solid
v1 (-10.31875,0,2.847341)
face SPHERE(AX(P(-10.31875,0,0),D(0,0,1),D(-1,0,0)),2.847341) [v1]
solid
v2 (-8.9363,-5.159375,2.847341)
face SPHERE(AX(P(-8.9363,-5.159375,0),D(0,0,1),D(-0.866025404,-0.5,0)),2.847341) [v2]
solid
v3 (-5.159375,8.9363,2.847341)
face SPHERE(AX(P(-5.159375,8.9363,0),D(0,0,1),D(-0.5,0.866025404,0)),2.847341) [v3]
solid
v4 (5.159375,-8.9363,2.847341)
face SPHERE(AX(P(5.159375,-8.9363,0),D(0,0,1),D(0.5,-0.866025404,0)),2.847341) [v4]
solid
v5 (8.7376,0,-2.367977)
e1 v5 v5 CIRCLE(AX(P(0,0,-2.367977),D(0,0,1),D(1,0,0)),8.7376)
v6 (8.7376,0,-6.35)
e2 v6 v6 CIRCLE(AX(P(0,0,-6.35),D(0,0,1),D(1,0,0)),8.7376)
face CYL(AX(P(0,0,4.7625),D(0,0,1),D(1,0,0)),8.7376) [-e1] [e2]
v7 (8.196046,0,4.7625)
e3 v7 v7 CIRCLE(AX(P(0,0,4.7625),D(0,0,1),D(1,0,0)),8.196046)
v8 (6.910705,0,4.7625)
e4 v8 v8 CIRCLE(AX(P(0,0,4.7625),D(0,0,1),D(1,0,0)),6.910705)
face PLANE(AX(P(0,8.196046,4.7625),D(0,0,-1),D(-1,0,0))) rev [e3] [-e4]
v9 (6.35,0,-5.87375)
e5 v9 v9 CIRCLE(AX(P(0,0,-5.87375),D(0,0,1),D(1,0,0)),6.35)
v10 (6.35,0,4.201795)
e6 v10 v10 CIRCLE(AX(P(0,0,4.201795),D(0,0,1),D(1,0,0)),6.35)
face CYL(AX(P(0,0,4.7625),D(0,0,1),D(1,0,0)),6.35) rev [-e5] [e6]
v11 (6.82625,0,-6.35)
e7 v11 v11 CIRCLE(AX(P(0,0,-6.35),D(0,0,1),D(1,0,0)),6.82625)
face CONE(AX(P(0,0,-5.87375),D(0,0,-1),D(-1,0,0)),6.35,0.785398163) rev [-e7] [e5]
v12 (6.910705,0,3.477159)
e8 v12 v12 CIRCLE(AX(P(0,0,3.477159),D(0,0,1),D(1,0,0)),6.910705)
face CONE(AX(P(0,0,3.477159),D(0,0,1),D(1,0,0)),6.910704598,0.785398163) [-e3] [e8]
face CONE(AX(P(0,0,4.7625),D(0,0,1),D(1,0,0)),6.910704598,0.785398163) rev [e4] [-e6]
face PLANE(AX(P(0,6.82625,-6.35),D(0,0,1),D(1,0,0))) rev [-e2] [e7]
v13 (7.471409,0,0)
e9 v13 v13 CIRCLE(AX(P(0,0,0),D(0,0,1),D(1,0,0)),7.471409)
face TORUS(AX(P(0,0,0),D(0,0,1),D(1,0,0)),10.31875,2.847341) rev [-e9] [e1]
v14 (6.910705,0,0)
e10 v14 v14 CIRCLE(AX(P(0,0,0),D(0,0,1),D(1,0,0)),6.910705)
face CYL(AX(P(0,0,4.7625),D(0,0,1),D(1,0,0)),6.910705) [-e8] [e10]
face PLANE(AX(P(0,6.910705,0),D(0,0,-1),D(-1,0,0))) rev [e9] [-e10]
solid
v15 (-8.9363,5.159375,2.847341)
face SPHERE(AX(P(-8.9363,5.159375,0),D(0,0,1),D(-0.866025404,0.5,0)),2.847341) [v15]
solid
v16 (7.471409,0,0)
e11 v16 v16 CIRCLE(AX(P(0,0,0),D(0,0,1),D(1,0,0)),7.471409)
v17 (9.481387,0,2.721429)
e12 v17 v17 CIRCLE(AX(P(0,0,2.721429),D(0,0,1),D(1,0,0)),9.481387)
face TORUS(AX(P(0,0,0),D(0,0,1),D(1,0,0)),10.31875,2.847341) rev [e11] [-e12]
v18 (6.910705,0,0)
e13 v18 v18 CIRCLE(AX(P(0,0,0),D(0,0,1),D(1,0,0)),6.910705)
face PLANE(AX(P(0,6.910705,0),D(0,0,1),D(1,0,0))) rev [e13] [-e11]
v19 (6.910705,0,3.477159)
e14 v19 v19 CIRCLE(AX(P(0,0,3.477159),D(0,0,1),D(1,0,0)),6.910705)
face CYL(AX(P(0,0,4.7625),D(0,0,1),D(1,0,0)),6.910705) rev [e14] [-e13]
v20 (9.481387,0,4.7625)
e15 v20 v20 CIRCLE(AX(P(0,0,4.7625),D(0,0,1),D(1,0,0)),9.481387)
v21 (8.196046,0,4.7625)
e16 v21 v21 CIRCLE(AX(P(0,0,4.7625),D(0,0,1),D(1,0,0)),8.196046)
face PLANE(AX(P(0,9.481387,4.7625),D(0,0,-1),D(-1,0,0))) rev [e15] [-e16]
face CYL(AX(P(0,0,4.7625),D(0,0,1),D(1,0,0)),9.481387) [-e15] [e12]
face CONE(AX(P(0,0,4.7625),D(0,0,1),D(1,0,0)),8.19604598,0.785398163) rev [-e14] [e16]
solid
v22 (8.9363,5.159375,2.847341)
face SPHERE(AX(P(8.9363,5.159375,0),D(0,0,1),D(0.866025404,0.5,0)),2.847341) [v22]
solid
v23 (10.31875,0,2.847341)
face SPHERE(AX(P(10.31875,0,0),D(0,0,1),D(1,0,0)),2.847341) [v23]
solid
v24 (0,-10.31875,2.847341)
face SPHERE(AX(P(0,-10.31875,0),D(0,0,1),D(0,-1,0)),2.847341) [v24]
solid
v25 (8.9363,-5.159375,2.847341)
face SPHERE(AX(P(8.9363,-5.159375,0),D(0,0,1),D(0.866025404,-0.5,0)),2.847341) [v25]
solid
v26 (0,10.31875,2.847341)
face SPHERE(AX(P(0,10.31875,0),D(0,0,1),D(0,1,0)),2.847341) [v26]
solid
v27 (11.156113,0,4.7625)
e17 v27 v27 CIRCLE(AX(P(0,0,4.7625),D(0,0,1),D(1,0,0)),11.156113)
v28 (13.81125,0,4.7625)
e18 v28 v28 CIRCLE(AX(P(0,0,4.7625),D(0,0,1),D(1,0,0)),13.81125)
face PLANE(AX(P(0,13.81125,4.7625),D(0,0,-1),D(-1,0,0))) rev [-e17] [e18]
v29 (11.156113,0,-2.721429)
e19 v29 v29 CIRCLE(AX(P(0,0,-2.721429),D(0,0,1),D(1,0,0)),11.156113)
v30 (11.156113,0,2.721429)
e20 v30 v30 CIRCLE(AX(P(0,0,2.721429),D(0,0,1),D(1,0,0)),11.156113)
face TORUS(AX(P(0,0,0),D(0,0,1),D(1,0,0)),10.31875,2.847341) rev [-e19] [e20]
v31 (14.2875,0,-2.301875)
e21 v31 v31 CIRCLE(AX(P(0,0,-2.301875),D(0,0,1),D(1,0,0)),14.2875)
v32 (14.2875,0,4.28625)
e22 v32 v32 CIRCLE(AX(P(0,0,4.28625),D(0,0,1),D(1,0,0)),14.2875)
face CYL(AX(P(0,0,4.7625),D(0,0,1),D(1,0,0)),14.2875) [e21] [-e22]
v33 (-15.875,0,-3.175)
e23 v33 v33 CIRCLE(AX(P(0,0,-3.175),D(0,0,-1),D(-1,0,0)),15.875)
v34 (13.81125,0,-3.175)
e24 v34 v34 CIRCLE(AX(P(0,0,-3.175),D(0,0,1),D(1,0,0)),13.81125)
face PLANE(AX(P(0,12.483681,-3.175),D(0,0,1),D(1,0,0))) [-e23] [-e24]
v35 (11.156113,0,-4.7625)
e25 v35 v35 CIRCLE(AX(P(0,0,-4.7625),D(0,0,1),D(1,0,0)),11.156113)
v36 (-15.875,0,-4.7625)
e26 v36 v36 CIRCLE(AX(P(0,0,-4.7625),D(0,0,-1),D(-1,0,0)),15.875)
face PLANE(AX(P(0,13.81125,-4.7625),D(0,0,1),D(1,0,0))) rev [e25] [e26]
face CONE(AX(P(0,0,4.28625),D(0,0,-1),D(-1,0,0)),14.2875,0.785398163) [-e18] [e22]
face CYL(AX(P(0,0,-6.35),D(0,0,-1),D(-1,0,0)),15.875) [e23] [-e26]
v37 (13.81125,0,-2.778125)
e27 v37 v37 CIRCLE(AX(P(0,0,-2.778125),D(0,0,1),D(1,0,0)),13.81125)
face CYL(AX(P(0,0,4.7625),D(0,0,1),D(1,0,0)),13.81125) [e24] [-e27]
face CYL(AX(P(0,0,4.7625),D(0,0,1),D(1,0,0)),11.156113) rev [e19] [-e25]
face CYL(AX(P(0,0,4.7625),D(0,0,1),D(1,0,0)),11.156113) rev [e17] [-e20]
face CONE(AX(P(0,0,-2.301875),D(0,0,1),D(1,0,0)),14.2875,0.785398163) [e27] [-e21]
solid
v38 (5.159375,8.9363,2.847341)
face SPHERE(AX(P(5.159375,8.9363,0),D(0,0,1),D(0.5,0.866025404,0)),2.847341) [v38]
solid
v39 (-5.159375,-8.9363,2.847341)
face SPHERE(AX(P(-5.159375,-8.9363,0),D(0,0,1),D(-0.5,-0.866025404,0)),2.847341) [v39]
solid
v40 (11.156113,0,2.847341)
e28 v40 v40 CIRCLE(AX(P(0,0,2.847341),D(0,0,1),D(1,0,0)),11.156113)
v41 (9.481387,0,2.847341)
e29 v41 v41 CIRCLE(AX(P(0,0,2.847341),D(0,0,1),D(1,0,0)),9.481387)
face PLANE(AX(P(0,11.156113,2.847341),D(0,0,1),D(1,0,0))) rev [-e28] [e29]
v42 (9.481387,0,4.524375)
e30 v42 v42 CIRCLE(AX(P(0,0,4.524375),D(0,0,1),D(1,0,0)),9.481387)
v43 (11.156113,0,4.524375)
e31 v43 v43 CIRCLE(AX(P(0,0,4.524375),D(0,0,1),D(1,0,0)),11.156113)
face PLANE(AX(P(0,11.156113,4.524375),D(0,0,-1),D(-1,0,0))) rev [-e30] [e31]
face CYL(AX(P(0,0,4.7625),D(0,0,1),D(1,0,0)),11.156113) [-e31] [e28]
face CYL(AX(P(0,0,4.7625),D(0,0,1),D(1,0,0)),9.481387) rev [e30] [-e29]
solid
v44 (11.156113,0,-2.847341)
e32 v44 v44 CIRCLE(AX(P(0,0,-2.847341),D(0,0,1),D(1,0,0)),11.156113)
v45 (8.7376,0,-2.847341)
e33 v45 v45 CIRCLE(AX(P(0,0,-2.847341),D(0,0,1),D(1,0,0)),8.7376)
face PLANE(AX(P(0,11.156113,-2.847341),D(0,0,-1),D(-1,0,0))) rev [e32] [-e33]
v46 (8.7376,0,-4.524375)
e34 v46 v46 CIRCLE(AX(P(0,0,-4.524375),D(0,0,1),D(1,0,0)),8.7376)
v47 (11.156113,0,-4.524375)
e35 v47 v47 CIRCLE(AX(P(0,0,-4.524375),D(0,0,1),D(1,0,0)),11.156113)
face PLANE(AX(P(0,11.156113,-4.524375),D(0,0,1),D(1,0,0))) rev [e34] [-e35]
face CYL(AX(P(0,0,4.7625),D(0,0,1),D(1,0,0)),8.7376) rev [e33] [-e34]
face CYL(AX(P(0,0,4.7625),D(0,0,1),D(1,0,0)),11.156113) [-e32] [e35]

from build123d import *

# Parameters (mm, degrees)
SKETCH5_W         = 1.5875
SKETCH5_H         = 3.391318681
CIRPATTERN1_COUNT = 12
SKETCH7_W         = 1.677034196
SKETCH7_H         = 1.674725274
SKETCH7_H_2       = 2.418512637


with BuildPart() as part:
    # Sketch1 → Revolve1 (revolve)
    with BuildSketch(Plane(origin=(0, 0, 0), x_dir=(0, 0, -1), z_dir=(1, 0, 0))):
        with BuildLine():
            Line((4.28625, 14.2875), (-4.28625, 14.2875))
            Line((-4.28625, 14.2875), (-4.7625, 13.81125))
            Line((-4.7625, 13.81125), (-4.7625, 11.156112637))
            Line((-4.7625, 11.156112637), (-2.721428571, 11.156112637))
            ThreePointArc((-2.721428571, 11.156112637), (0, 13.166090804), (2.721428571, 11.156112637))
            Line((2.721428571, 11.156112637), (4.7625, 11.156112637))
            Line((4.7625, 11.156112637), (4.7625, 13.81125))
            Line((4.7625, 13.81125), (4.28625, 14.2875))
        make_face()
    revolve(axis=Axis((0, 0, 4.7625), (0, 0, -1)))

    # Sketch5 → Revolve5 (revolve)
    with BuildSketch(Plane(origin=(0, 0, 0), x_dir=(0, 0, -1), z_dir=(1, 0, 0))):
        with Locations((3.96875, 14.17934066)):
            Rectangle(SKETCH5_W, SKETCH5_H)
    revolve(axis=Axis((0, 0, -6.35), (0, 0, 1)))

    # Sketch6 → Cut-Revolve1 (revolve, cut)
    with BuildSketch(Plane(origin=(0, 0, 0), x_dir=(0, 0, -1), z_dir=(1, 0, 0))):
        Polygon((2.301875, 14.2875), (2.778125, 13.81125), (3.175, 13.81125), (3.175, 14.2875), align=None)
    revolve(axis=Axis((0, 0, 4.7625), (0, 0, -1)), mode=Mode.SUBTRACT)


with BuildPart() as body_2:
    # Sketch2 → Revolve2 (revolve)
    with BuildSketch(Plane(origin=(0, 0, 0), x_dir=(0, 0, -1), z_dir=(1, 0, 0))):
        with BuildLine():
            Line((-4.7625, 9.481387363), (-2.721428571, 9.481387363))
            ThreePointArc((-2.721428571, 9.481387363), (-1.691610601, 8.028378146), (0, 7.471409196))
            Line((0, 7.471409196), (0, 6.910704598))
            Line((0, 6.910704598), (-3.477158618, 6.910704598))
            Line((-3.477158618, 6.910704598), (-4.7625, 8.19604598))
            Line((-4.7625, 8.19604598), (-4.7625, 9.481387363))
        make_face()
    revolve(axis=Axis((0, 0, 4.7625), (0, 0, -1)))


with BuildPart() as body_3:
    # Sketch3 → Revolve3 (revolve)
    with BuildSketch(Plane(origin=(0, 0, 0), x_dir=(0, 0, -1), z_dir=(1, 0, 0))):
        with BuildLine():
            Line((-4.7625, 8.19604598), (-3.477158618, 6.910704598))
            Line((-3.477158618, 6.910704598), (0, 6.910704598))
            Line((0, 6.910704598), (0, 7.471409196))
            ThreePointArc((0, 7.471409196), (1.342623689, 7.807831585), (2.367976844, 8.7376))
            Line((2.367976844, 8.7376), (6.35, 8.7376))
            Line((6.35, 8.7376), (6.35, 6.82625))
            Line((6.35, 6.82625), (5.87375, 6.35))
            Line((5.87375, 6.35), (-4.201795402, 6.35))
            Line((-4.201795402, 6.35), (-4.7625, 6.910704598))
            Line((-4.7625, 6.910704598), (-4.7625, 8.19604598))
        make_face()
    revolve(axis=Axis((0, 0, 4.7625), (0, 0, -1)))


with BuildPart() as body_4:
    # Sketch4 → Revolve4 (revolve)
    with BuildSketch(Plane(origin=(0, 0, 0), x_dir=(0, 0, -1), z_dir=(1, 0, 0))):
        with BuildLine():
            Line((-2.847340804, 10.31875), (2.847340804, 10.31875))
            ThreePointArc((2.847340804, 10.31875), (0, 13.166090804), (-2.847340804, 10.31875))
        make_face()
    revolve(axis=Axis((0, 10.31875, 2.847340804), (0, 0, -1)))


with BuildPart() as cirpattern1_1:
    # CirPattern1: pattern copy
    add(body_4.part.rotate(Axis((0, 0, -4.7625), (0, 0, 1)), 1 * 360 / CIRPATTERN1_COUNT))


with BuildPart() as cirpattern1_2:
    # CirPattern1: pattern copy
    add(body_4.part.rotate(Axis((0, 0, -4.7625), (0, 0, 1)), 2 * 360 / CIRPATTERN1_COUNT))


with BuildPart() as cirpattern1_3:
    # CirPattern1: pattern copy
    add(body_4.part.rotate(Axis((0, 0, -4.7625), (0, 0, 1)), 3 * 360 / CIRPATTERN1_COUNT))


with BuildPart() as cirpattern1_4:
    # CirPattern1: pattern copy
    add(body_4.part.rotate(Axis((0, 0, -4.7625), (0, 0, 1)), 4 * 360 / CIRPATTERN1_COUNT))


with BuildPart() as cirpattern1_5:
    # CirPattern1: pattern copy
    add(body_4.part.rotate(Axis((0, 0, -4.7625), (0, 0, 1)), 5 * 360 / CIRPATTERN1_COUNT))


with BuildPart() as cirpattern1_6:
    # CirPattern1: pattern copy
    add(body_4.part.rotate(Axis((0, 0, -4.7625), (0, 0, 1)), 6 * 360 / CIRPATTERN1_COUNT))


with BuildPart() as cirpattern1_7:
    # CirPattern1: pattern copy
    add(body_4.part.rotate(Axis((0, 0, -4.7625), (0, 0, 1)), 7 * 360 / CIRPATTERN1_COUNT))


with BuildPart() as cirpattern1_8:
    # CirPattern1: pattern copy
    add(body_4.part.rotate(Axis((0, 0, -4.7625), (0, 0, 1)), 8 * 360 / CIRPATTERN1_COUNT))


with BuildPart() as cirpattern1_9:
    # CirPattern1: pattern copy
    add(body_4.part.rotate(Axis((0, 0, -4.7625), (0, 0, 1)), 9 * 360 / CIRPATTERN1_COUNT))


with BuildPart() as cirpattern1_10:
    # CirPattern1: pattern copy
    add(body_4.part.rotate(Axis((0, 0, -4.7625), (0, 0, 1)), 10 * 360 / CIRPATTERN1_COUNT))


with BuildPart() as cirpattern1_11:
    # CirPattern1: pattern copy
    add(body_4.part.rotate(Axis((0, 0, -4.7625), (0, 0, 1)), 11 * 360 / CIRPATTERN1_COUNT))


with BuildPart() as body_16:
    # Sketch7 → Revolve6 (revolve)
    with BuildSketch(Plane(origin=(0, 0, 0), x_dir=(0, 0, -1), z_dir=(1, 0, 0))):
        with Locations((-3.685857902, 10.31875)):
            Rectangle(SKETCH7_W, SKETCH7_H)
        with Locations((3.685857902, 9.946856319)):
            Rectangle(SKETCH7_W, SKETCH7_H_2)
    revolve(axis=Axis((0, 0, 4.7625), (0, 0, -1)))


solid = Compound([part.part, body_2.part, body_3.part, body_4.part, cirpattern1_1.part, cirpattern1_2.part, cirpattern1_3.part, cirpattern1_4.part, cirpattern1_5.part, cirpattern1_6.part, cirpattern1_7.part, cirpattern1_8.part, cirpattern1_9.part, cirpattern1_10.part, cirpattern1_11.part, body_16.part])
